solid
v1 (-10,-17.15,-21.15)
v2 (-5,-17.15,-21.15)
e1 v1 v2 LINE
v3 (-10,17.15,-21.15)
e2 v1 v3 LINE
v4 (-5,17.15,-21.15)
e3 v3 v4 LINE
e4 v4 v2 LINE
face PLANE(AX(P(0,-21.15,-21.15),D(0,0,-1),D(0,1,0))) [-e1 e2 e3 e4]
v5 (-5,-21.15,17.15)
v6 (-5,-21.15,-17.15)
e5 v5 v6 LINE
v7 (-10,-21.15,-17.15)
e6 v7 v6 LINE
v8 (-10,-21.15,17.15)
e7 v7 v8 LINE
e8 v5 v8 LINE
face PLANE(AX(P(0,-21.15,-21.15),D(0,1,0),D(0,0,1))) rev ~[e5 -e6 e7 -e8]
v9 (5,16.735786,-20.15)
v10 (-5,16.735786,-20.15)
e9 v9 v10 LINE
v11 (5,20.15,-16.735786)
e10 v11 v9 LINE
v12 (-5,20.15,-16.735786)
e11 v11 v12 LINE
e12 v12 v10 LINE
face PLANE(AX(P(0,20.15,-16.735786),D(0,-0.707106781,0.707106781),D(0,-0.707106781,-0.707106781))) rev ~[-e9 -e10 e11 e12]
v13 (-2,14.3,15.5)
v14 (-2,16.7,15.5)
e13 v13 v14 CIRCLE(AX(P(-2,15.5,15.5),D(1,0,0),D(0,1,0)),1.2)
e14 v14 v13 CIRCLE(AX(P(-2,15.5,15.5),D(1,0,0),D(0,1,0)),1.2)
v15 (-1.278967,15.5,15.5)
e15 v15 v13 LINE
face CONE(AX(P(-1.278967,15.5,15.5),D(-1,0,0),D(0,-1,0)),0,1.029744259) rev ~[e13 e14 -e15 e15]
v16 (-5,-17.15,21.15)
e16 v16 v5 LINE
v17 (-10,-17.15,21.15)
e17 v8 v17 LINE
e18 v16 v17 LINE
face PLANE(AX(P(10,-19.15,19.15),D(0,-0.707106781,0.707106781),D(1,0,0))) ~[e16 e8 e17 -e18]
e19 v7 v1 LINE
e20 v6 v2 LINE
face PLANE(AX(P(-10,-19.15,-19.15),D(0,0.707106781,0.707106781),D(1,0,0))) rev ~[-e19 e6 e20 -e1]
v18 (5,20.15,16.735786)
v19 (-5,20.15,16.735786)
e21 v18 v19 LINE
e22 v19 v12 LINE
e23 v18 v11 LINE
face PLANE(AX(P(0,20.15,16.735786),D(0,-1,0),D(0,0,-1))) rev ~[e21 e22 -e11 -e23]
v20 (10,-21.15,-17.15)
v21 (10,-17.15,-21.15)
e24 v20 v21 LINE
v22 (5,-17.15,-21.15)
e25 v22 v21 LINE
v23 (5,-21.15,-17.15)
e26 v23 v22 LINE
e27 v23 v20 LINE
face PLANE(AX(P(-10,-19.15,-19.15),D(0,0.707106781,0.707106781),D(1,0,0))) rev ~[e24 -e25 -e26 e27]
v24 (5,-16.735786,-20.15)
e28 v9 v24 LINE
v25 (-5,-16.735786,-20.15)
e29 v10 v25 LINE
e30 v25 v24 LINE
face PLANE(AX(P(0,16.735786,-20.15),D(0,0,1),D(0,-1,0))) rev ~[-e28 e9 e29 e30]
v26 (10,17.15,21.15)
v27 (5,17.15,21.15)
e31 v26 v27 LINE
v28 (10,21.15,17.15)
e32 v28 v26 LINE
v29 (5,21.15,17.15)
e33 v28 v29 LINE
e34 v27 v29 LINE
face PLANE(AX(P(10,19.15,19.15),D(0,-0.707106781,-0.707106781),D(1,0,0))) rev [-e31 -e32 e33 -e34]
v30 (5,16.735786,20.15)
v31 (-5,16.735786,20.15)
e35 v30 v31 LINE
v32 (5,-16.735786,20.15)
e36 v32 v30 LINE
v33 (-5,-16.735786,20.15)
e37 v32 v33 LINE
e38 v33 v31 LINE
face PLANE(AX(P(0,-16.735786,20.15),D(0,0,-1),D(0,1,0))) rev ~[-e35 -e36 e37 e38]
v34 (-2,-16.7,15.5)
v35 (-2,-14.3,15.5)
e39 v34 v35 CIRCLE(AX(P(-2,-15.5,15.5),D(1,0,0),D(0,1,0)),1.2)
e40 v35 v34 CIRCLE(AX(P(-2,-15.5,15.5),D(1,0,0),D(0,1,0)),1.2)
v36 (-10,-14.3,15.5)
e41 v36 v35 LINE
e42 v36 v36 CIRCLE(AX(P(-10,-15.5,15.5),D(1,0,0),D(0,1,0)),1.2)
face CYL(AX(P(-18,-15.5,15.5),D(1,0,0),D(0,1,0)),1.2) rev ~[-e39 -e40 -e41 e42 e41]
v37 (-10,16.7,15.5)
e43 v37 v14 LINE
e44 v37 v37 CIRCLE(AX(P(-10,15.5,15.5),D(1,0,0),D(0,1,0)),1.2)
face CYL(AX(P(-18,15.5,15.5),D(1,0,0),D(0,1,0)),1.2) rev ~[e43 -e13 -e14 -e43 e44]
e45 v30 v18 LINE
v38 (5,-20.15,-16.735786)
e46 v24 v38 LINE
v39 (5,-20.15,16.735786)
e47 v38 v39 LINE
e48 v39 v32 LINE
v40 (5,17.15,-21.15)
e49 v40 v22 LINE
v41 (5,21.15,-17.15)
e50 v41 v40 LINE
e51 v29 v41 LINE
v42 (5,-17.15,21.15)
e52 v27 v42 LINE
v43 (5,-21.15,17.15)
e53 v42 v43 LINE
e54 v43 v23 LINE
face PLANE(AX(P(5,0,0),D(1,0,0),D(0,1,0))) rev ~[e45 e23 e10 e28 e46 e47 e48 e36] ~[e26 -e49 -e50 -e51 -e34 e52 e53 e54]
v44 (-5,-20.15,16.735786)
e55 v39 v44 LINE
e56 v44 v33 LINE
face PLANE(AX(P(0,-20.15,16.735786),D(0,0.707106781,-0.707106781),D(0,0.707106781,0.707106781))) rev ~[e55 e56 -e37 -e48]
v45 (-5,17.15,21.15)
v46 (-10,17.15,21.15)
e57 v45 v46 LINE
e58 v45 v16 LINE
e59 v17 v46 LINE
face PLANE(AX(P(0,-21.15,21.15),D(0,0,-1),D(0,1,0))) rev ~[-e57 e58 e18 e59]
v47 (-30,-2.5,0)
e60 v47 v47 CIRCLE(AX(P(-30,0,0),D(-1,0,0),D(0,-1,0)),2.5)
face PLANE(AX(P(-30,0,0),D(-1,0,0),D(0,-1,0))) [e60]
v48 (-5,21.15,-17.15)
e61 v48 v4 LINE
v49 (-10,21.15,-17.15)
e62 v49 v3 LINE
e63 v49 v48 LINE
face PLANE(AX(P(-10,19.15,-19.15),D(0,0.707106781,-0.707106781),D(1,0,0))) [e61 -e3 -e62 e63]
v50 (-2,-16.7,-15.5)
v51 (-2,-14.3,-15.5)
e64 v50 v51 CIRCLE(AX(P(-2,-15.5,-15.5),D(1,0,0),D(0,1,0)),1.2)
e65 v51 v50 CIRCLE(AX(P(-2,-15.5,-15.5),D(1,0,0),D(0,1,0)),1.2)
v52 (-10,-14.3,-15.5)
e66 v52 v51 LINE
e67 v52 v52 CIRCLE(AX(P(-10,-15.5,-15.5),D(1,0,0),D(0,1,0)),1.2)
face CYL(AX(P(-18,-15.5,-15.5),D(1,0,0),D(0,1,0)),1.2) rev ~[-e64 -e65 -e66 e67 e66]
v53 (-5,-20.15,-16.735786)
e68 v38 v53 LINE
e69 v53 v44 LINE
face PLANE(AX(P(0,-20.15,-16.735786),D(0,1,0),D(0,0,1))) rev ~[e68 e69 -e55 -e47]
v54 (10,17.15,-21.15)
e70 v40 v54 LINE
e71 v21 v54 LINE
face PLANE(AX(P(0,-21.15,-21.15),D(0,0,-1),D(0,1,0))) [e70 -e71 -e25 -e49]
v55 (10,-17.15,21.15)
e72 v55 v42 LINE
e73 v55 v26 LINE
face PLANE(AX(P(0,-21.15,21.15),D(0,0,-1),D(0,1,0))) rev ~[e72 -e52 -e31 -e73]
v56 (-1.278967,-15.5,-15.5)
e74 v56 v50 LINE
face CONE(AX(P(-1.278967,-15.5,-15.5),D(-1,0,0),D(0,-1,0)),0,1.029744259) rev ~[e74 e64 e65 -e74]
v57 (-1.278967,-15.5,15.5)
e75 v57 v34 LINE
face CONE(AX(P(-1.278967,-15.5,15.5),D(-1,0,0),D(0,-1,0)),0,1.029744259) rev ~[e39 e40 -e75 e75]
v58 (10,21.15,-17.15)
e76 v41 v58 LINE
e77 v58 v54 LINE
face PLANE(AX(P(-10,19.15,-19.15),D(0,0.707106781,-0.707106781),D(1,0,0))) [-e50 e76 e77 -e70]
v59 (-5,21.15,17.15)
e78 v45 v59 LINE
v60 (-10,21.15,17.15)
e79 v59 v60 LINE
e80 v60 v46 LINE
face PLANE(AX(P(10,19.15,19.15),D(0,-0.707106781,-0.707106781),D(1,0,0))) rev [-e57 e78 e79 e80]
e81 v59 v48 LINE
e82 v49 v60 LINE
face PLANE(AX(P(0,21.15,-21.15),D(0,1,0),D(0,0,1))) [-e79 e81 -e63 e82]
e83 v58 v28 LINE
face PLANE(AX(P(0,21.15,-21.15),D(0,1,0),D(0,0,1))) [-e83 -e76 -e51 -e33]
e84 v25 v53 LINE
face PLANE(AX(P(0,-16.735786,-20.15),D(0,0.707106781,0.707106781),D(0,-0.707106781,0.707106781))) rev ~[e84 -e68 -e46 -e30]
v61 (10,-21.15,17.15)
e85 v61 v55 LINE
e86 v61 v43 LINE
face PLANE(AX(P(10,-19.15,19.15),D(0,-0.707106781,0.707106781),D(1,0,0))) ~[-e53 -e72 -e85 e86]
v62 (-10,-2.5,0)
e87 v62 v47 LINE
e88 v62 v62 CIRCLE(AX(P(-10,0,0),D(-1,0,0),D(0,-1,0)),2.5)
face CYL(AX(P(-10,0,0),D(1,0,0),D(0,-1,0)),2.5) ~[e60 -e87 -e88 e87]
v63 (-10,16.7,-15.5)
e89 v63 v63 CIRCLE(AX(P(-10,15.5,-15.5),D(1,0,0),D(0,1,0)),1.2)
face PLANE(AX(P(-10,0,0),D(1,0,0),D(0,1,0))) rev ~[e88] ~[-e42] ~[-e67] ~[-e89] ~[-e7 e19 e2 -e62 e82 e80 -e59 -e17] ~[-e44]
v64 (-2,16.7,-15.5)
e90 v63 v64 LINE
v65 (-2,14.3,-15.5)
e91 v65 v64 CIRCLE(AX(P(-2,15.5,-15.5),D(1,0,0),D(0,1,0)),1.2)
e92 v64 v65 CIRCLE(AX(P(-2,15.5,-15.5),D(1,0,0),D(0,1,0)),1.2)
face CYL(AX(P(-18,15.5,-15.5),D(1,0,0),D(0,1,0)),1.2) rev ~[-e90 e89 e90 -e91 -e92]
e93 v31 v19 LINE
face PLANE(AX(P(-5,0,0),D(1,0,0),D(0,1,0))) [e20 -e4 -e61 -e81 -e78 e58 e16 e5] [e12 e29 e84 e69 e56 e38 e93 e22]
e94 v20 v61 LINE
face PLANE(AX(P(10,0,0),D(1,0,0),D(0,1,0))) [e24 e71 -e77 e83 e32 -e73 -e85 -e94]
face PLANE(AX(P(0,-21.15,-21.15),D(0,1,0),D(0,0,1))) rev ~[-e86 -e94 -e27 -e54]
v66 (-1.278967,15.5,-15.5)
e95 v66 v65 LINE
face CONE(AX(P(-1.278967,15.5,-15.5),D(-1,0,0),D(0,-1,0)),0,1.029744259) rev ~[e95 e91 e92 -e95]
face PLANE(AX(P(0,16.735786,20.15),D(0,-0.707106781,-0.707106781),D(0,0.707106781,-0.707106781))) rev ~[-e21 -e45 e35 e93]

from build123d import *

# Parameters (mm, degrees)
F0_W     = 42.3
F0_H     = 42.3
F1_DEPTH = 10
F2_SIZE  = 4
F3_W     = 43
F3_H     = 43
F4_DEPTH = 5
F5_R     = 2.5
F6_DEPTH = 20
F8_D     = 2.4
F8_DEPTH = 8
F8_TIP   = 0.7210327428


with BuildPart() as f1:
    # F0 (on Right) → F1 (new body, symmetric)
    with BuildSketch(Plane.YZ):
        Rectangle(F0_W, F0_H)
    extrude(amount=F1_DEPTH, both=True)

    # F2
    f2_edges = [f1.edges().sort_by_distance(p)[0] for p in [
        (0, -21.15, 21.15),
        (0, 21.15, 21.15),
        (0, -21.15, -21.15),
        (0, 21.15, -21.15),
    ]]
    chamfer(f2_edges, length=F2_SIZE)

    # F3 (on Right) → F4 (cut, symmetric)
    with BuildSketch(Plane.YZ):
        Rectangle(F3_W, F3_H)
        Polygon((-16.7357864376, -20.15), (-20.15, -16.7357864376), (-20.15, 16.7357864376), (-16.7357864376, 20.15), (16.7357864376, 20.15), (20.15, 16.7357864376), (20.15, -16.7357864376), (16.7357864376, -20.15), align=None, mode=Mode.SUBTRACT)
    extrude(amount=F4_DEPTH, both=True, mode=Mode.SUBTRACT)

    # F5 (on face) → F6 (join)
    with BuildSketch(Plane(origin=(-10, 0, 0), x_dir=(0, -1, 0), z_dir=(-1, 0, 0))):
        Circle(F5_R)
    extrude(amount=F6_DEPTH)

    # F8
    with Locations(Plane(origin=(-10, 0, 0), x_dir=(0, -1, 0), z_dir=(-1, 0, 0))):
        with Locations((-15.5, 15.5), (15.5, 15.5), (-15.5, -15.5), (15.5, -15.5)):
            Hole(F8_D / 2, depth=F8_DEPTH)
            with Locations((0, 0, -(F8_DEPTH + F8_TIP / 2))):  # 118° drill point
                Cone(0, F8_D / 2, F8_TIP, mode=Mode.SUBTRACT)


solid = f1.part
